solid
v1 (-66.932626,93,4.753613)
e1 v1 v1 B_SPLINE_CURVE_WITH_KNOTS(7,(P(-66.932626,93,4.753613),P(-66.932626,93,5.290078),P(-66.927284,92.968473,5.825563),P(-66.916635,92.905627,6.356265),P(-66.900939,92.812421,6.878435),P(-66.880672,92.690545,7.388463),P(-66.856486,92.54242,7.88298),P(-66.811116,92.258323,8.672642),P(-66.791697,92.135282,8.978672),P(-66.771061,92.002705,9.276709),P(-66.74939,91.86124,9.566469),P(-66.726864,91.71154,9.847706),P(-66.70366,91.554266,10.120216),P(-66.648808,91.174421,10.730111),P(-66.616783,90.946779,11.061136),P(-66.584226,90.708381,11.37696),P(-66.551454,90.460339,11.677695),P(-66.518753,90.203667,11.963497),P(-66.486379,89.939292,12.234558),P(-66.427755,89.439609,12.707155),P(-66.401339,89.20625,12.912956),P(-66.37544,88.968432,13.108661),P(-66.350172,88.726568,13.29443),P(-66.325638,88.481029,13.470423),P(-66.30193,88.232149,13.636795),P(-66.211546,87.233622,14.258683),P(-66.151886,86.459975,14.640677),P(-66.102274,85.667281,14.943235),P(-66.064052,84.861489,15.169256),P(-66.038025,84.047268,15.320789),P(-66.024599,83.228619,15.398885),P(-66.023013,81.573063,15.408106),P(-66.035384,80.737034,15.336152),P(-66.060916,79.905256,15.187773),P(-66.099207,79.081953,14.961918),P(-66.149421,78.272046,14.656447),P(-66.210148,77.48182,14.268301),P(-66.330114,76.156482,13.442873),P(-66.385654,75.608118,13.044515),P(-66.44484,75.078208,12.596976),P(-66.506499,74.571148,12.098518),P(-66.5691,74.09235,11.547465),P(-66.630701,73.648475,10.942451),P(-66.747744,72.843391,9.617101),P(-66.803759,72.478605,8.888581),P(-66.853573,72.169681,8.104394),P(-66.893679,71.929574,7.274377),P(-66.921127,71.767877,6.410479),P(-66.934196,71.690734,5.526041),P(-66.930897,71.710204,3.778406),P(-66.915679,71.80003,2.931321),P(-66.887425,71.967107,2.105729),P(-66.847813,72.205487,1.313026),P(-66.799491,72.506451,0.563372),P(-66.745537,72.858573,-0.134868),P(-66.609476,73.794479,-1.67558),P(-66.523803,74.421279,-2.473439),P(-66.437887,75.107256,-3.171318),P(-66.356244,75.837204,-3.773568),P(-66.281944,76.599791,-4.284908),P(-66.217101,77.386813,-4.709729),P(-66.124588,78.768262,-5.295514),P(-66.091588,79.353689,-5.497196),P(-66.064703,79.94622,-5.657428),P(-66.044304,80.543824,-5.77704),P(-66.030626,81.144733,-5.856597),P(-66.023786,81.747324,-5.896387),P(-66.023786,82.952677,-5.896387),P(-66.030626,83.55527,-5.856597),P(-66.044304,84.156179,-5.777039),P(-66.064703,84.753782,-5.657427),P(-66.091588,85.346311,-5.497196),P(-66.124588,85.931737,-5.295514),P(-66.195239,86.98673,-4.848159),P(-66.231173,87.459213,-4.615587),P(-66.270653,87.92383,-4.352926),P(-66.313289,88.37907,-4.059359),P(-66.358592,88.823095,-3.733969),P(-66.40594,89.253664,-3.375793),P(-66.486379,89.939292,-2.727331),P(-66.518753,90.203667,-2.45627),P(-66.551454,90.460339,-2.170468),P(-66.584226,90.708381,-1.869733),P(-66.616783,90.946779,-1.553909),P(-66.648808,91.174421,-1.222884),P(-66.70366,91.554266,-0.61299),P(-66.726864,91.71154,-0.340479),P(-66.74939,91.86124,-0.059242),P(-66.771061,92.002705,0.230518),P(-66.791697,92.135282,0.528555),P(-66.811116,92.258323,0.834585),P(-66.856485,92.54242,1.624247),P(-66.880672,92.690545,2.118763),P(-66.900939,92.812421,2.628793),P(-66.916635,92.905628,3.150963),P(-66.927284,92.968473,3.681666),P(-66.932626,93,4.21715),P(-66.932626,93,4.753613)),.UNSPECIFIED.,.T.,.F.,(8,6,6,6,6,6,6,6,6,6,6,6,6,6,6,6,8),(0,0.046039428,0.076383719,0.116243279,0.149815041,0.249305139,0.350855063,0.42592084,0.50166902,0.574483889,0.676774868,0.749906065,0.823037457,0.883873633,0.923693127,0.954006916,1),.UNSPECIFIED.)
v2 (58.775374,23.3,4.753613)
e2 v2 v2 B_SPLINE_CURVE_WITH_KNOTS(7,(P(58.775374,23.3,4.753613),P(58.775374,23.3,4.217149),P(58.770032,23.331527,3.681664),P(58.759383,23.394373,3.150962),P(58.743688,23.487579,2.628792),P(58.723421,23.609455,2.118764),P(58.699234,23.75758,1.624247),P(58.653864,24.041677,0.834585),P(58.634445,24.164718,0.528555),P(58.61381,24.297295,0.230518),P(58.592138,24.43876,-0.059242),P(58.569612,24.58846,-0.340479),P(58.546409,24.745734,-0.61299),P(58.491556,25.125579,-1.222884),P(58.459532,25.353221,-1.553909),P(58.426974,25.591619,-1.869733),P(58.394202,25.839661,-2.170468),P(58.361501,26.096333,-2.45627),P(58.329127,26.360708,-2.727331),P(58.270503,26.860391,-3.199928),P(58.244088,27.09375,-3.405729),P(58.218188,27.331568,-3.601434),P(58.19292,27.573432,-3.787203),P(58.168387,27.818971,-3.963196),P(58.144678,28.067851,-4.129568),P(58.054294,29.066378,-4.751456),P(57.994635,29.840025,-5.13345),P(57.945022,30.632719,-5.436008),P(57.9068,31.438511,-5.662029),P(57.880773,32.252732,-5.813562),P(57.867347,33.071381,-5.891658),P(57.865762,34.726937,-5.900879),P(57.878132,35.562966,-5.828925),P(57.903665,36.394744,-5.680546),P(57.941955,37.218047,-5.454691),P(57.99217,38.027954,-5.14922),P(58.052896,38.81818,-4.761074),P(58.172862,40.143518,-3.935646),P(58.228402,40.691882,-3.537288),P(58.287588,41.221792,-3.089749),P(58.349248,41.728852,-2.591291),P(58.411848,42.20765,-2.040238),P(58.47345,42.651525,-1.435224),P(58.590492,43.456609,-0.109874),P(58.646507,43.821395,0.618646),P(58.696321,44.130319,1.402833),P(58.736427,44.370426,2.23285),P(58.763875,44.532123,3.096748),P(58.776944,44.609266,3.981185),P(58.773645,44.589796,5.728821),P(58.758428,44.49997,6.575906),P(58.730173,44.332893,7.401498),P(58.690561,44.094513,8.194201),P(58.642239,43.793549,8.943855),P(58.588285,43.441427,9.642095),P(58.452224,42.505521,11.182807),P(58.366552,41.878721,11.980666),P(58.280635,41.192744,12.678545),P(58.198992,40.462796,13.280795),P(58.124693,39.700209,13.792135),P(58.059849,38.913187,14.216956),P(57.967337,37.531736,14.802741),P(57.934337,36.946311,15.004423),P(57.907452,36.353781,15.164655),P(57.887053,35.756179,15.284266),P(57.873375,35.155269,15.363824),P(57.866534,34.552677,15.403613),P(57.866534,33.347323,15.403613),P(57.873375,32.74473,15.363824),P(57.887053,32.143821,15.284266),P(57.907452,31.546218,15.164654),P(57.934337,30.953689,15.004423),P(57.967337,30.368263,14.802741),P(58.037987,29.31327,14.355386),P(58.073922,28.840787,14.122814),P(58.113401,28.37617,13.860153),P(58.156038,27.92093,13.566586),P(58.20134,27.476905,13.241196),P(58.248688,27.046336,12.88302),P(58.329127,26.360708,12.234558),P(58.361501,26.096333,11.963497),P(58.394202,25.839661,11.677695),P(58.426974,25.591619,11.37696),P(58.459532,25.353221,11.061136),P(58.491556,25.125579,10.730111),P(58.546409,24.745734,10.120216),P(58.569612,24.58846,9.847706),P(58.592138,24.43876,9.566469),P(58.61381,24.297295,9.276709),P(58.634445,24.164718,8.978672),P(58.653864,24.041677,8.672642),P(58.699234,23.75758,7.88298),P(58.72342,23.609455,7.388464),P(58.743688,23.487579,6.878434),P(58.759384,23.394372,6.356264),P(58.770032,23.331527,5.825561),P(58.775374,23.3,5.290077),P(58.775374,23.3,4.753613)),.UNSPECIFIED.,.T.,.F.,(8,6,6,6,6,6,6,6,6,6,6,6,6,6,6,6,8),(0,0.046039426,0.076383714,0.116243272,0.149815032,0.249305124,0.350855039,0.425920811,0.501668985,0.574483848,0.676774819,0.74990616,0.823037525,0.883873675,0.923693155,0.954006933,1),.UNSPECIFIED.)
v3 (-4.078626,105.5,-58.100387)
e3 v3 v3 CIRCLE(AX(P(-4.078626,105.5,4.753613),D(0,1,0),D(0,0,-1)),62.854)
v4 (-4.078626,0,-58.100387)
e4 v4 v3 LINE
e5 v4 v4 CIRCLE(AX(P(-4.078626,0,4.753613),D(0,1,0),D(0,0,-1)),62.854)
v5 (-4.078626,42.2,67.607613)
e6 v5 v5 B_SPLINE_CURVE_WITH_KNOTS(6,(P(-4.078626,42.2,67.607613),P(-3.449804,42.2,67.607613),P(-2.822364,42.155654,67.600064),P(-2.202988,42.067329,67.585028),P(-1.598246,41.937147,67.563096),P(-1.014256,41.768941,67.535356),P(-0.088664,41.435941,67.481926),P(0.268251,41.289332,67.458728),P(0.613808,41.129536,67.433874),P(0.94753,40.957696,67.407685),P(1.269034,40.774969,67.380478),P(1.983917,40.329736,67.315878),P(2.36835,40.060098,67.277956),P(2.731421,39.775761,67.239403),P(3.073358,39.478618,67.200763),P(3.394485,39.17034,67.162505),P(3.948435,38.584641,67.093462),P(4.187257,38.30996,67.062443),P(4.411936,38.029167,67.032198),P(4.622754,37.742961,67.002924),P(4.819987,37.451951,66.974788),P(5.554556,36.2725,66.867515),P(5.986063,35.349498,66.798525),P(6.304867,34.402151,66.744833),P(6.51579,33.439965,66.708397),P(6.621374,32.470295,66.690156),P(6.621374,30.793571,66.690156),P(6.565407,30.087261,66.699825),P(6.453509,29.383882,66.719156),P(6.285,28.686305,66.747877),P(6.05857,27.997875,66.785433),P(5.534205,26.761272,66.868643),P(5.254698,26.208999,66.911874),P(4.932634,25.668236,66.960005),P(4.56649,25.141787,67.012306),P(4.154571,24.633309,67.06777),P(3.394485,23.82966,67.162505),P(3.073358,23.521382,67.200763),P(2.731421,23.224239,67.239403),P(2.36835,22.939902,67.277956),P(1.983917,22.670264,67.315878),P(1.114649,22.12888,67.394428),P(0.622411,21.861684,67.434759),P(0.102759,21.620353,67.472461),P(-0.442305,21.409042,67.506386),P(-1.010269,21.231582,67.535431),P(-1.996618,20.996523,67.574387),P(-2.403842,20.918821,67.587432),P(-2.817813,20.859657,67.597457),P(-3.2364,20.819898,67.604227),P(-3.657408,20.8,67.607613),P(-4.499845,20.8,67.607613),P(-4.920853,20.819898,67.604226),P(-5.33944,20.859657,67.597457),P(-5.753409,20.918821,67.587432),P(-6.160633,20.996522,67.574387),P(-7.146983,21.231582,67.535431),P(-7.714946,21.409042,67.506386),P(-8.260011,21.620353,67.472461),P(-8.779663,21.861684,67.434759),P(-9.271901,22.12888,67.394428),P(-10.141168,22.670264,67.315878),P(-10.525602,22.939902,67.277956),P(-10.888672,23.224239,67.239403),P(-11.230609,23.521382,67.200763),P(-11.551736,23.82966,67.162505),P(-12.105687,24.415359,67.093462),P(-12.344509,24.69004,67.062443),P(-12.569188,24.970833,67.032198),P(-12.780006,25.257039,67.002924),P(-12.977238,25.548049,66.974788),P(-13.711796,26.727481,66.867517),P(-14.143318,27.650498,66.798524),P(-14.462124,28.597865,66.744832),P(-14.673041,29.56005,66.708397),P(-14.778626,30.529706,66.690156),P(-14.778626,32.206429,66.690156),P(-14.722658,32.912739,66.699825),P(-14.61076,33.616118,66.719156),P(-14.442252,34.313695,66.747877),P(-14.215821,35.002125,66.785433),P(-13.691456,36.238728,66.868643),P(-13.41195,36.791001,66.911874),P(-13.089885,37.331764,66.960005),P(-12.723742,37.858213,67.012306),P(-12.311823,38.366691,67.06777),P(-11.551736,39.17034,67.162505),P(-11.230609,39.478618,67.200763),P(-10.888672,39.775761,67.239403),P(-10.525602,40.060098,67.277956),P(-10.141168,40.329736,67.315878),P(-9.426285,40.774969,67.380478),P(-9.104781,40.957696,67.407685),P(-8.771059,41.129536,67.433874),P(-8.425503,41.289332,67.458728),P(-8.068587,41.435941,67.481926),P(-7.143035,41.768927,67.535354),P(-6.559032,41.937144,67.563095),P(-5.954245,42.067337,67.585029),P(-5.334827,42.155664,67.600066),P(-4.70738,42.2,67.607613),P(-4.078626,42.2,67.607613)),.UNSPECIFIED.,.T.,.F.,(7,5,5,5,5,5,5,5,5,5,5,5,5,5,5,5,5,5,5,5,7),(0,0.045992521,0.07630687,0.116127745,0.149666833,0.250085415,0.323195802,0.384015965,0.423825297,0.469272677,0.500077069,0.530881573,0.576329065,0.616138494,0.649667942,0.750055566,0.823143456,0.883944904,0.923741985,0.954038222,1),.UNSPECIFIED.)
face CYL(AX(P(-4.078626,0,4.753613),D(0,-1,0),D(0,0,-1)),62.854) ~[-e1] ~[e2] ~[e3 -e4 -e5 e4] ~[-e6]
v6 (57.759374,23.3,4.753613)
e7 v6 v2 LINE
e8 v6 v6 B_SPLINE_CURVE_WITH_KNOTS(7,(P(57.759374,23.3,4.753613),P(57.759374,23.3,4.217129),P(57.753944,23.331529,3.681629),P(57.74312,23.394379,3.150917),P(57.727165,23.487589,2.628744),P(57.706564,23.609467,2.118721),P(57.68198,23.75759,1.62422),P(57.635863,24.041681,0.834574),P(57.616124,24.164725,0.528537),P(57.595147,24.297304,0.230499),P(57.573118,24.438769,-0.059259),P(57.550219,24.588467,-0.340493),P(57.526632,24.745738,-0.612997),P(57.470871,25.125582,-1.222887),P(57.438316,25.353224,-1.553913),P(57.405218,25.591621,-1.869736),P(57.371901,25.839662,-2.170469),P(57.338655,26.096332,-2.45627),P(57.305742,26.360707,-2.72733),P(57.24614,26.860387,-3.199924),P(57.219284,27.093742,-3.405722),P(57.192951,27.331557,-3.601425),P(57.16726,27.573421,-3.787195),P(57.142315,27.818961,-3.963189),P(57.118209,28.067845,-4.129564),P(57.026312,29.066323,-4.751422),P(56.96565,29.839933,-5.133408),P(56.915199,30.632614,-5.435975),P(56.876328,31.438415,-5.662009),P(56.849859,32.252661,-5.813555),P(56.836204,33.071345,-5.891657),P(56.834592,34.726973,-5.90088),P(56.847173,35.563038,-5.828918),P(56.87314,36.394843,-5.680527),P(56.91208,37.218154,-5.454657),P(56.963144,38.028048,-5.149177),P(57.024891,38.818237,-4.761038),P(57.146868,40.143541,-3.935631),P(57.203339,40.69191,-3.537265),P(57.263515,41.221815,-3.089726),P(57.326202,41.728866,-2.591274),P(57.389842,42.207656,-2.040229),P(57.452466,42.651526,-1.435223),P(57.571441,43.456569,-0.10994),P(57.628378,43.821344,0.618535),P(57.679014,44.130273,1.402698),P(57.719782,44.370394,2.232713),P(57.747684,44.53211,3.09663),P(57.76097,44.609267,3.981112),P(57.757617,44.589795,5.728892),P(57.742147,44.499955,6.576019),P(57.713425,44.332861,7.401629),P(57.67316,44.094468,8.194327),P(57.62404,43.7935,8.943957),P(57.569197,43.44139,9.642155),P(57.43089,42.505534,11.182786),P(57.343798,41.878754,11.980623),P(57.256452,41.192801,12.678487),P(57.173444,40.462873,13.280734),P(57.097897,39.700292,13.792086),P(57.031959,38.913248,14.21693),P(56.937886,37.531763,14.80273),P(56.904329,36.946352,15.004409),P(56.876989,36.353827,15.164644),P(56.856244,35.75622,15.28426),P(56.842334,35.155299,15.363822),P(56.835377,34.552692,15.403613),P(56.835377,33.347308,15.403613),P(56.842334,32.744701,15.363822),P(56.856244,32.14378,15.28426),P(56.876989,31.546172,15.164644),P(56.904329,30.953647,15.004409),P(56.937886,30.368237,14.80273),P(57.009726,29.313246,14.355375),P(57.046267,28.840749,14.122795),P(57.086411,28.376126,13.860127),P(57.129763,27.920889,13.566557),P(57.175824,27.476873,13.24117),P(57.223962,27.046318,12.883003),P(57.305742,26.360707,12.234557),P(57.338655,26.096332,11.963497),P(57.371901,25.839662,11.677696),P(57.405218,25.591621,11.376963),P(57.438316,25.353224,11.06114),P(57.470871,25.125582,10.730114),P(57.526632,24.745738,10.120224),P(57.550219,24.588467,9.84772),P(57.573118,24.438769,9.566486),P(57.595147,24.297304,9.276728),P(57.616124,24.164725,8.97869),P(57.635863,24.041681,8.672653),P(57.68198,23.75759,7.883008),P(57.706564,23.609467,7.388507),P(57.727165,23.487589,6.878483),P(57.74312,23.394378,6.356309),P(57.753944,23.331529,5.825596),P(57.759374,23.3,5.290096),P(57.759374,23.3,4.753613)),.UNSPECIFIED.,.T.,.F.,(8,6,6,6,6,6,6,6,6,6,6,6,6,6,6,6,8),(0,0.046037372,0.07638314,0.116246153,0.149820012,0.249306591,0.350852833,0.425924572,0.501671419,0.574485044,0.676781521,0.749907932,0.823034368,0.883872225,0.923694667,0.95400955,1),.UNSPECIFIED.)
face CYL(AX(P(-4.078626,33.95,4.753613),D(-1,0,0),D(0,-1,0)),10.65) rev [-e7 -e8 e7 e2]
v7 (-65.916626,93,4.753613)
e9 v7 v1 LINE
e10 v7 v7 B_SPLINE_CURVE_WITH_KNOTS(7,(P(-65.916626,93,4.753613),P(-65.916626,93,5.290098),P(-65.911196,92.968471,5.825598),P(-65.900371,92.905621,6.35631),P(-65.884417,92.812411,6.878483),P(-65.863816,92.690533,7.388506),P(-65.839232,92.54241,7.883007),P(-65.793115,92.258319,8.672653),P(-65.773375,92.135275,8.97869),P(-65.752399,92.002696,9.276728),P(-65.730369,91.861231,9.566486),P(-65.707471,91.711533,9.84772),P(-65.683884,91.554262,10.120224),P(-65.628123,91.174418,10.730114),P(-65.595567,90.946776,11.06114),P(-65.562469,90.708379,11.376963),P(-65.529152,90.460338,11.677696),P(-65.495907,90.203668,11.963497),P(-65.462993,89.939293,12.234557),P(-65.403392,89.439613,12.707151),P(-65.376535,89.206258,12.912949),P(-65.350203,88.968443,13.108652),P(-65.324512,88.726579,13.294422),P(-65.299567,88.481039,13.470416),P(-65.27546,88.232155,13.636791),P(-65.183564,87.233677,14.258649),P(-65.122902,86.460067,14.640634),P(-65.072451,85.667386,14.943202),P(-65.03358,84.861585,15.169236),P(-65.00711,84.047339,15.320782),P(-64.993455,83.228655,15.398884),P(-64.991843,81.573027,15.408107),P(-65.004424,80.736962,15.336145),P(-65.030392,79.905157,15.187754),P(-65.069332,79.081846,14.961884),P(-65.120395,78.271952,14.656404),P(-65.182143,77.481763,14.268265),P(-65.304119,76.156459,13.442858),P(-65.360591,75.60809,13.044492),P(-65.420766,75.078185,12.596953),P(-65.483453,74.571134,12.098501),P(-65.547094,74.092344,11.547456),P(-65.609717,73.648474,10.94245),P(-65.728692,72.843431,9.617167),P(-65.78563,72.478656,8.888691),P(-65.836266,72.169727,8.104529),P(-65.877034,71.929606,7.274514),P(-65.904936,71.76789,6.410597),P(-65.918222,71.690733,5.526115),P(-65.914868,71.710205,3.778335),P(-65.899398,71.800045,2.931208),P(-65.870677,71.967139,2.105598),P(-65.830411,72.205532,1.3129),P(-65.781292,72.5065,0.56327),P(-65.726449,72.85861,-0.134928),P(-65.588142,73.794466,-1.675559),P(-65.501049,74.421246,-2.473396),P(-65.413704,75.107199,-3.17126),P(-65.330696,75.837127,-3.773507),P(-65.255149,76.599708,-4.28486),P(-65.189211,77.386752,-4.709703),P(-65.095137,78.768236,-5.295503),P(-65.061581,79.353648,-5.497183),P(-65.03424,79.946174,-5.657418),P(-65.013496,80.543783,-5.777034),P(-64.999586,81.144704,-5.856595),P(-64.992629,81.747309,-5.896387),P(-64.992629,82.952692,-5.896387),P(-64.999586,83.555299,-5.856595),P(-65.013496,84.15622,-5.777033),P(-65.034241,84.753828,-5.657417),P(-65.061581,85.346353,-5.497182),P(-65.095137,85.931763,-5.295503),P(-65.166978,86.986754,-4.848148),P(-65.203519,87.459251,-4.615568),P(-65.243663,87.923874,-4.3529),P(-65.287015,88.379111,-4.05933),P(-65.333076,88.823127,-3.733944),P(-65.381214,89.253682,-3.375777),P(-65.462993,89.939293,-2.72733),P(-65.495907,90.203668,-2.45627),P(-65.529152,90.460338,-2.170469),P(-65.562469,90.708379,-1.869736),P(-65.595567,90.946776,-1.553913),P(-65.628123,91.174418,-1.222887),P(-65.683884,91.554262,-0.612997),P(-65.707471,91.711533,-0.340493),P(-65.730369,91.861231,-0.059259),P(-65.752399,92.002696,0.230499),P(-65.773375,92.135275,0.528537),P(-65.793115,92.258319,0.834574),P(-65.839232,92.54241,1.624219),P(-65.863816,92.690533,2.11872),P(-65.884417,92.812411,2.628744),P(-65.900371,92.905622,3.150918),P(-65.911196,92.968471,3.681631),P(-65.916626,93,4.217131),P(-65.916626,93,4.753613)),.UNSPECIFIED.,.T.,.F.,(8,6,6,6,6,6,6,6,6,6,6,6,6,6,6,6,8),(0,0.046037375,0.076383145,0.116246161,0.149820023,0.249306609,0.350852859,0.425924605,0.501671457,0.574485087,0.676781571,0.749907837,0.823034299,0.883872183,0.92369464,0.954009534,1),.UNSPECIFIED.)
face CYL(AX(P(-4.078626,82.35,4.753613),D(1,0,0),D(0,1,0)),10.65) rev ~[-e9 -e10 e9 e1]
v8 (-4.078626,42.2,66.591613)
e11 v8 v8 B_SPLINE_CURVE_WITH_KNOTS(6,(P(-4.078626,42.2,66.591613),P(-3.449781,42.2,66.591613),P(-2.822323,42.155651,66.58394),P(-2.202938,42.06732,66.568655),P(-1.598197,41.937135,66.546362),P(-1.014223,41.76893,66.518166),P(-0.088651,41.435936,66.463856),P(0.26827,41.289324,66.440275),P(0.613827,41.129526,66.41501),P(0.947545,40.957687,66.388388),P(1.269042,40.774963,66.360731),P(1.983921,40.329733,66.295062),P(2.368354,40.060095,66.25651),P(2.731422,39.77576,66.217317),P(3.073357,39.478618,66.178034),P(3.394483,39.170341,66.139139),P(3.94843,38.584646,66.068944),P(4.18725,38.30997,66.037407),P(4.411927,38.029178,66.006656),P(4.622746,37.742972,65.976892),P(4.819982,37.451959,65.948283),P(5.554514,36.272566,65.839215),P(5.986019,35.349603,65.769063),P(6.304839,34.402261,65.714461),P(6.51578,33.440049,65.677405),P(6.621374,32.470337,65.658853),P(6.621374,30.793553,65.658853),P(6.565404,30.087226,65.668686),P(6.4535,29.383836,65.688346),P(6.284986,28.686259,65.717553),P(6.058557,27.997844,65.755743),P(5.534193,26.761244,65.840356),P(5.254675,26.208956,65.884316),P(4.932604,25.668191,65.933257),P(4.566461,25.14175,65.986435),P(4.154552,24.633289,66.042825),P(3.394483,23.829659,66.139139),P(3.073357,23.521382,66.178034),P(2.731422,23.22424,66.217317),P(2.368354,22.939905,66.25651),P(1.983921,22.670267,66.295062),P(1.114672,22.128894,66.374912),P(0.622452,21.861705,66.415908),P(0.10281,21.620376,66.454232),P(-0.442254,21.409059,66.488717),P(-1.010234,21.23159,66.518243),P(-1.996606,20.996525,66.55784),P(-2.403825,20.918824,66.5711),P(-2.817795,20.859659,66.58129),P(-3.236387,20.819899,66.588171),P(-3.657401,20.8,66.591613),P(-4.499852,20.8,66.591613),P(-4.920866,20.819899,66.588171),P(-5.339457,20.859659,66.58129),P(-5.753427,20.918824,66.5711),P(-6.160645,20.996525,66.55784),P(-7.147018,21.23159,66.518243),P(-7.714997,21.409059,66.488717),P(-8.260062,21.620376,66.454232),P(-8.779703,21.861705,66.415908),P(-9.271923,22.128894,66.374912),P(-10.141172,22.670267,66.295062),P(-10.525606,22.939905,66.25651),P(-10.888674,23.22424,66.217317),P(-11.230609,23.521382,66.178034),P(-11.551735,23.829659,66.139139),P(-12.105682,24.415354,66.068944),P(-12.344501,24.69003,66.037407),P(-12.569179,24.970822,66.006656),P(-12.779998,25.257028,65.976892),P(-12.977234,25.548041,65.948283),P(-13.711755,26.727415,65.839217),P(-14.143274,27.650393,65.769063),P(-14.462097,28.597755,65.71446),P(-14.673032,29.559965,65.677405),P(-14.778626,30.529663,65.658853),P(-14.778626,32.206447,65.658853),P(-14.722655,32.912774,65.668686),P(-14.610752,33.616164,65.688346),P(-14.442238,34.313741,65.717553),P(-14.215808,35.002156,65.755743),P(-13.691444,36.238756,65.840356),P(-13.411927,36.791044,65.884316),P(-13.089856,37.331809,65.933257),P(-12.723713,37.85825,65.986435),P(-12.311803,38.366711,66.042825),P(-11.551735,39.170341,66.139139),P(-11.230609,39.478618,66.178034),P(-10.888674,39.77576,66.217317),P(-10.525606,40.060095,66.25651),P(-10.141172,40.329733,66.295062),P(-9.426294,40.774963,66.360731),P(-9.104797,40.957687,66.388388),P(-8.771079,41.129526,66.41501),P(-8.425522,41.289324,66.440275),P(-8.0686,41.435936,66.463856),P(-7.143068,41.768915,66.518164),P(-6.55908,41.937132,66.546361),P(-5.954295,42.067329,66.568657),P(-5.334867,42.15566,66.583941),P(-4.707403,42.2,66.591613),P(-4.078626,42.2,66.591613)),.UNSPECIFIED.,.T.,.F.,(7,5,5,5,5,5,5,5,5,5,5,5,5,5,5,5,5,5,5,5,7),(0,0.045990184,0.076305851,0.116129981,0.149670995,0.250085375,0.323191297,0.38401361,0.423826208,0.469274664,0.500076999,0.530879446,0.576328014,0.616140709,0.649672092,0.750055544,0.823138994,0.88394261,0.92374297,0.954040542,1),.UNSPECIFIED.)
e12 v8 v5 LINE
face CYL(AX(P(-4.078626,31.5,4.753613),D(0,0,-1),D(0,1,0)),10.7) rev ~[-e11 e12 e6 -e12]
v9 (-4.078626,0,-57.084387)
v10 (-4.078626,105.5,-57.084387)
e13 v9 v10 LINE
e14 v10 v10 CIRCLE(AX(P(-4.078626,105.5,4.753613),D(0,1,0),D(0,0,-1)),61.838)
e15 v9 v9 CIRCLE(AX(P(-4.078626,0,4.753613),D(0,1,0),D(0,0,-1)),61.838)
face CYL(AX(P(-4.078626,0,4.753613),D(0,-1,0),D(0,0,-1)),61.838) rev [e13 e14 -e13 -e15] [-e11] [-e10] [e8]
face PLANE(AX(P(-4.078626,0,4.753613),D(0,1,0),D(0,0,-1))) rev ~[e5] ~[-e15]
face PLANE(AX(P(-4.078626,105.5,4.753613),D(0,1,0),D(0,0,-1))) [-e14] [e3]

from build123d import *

# Parameters (mm, degrees)
SKETCH2_R           = 62.854
SKETCH2_R_2         = 61.838
BOSS_EXTRUDE1_DEPTH = 105.5
SKETCH3_R           = 10.7
CUT_EXTRUDE1_DEPTH  = 105.5
SKETCH4_R           = 10.65
CUT_EXTRUDE2_DEPTH  = 105.5
SKETCH5_R           = 10.65
CUT_EXTRUDE3_DEPTH  = 105.5


with BuildPart() as part:
    # Sketch2 → Boss-Extrude1 (new body)
    with BuildSketch(Plane(origin=(0, 0, 0), x_dir=(-1, 0, 0), z_dir=(0, 1, 0))):
        with Locations(Location((4.078625789, 4.753613482, 0), (0, 0, 270))):
            Circle(SKETCH2_R)
        with Locations(Location((4.078625789, 4.753613482, 0), (0, 0, 270))):
            Circle(SKETCH2_R_2, mode=Mode.SUBTRACT)
    extrude(amount=BOSS_EXTRUDE1_DEPTH)

    # Sketch3 → Cut-Extrude1 (cut)
    with BuildSketch(Plane(origin=(-8.080908151, 23.599932993, 4.753613482), x_dir=(-1, 0, 0), z_dir=(0, 0, -1))):
        with Locations(Location((-4.002282363, 7.900067007, 0), (0, 0, 90))):
            Circle(SKETCH3_R)
    extrude(amount=-CUT_EXTRUDE1_DEPTH, mode=Mode.SUBTRACT)

    # Sketch4 → Cut-Extrude2 (cut)
    with BuildSketch(Plane(origin=(-4.078625789, 23.599932993, 9.571680039), x_dir=(0, 0, -1), z_dir=(1, 0, 0))):
        with Locations(Location((4.818066557, 10.350067007, 0), (0, 0, 270))):
            Circle(SKETCH4_R)
    extrude(amount=CUT_EXTRUDE2_DEPTH, mode=Mode.SUBTRACT)

    # Sketch5 → Cut-Extrude3 (cut)
    with BuildSketch(Plane(origin=(-4.078625789, 23.599932993, 9.571680039), x_dir=(0, 0, -1), z_dir=(1, 0, 0))):
        with Locations(Location((4.818066557, 58.750067007, 0), (0, 0, 90))):
            Circle(SKETCH5_R)
    extrude(amount=-CUT_EXTRUDE3_DEPTH, mode=Mode.SUBTRACT)


solid = part.part
